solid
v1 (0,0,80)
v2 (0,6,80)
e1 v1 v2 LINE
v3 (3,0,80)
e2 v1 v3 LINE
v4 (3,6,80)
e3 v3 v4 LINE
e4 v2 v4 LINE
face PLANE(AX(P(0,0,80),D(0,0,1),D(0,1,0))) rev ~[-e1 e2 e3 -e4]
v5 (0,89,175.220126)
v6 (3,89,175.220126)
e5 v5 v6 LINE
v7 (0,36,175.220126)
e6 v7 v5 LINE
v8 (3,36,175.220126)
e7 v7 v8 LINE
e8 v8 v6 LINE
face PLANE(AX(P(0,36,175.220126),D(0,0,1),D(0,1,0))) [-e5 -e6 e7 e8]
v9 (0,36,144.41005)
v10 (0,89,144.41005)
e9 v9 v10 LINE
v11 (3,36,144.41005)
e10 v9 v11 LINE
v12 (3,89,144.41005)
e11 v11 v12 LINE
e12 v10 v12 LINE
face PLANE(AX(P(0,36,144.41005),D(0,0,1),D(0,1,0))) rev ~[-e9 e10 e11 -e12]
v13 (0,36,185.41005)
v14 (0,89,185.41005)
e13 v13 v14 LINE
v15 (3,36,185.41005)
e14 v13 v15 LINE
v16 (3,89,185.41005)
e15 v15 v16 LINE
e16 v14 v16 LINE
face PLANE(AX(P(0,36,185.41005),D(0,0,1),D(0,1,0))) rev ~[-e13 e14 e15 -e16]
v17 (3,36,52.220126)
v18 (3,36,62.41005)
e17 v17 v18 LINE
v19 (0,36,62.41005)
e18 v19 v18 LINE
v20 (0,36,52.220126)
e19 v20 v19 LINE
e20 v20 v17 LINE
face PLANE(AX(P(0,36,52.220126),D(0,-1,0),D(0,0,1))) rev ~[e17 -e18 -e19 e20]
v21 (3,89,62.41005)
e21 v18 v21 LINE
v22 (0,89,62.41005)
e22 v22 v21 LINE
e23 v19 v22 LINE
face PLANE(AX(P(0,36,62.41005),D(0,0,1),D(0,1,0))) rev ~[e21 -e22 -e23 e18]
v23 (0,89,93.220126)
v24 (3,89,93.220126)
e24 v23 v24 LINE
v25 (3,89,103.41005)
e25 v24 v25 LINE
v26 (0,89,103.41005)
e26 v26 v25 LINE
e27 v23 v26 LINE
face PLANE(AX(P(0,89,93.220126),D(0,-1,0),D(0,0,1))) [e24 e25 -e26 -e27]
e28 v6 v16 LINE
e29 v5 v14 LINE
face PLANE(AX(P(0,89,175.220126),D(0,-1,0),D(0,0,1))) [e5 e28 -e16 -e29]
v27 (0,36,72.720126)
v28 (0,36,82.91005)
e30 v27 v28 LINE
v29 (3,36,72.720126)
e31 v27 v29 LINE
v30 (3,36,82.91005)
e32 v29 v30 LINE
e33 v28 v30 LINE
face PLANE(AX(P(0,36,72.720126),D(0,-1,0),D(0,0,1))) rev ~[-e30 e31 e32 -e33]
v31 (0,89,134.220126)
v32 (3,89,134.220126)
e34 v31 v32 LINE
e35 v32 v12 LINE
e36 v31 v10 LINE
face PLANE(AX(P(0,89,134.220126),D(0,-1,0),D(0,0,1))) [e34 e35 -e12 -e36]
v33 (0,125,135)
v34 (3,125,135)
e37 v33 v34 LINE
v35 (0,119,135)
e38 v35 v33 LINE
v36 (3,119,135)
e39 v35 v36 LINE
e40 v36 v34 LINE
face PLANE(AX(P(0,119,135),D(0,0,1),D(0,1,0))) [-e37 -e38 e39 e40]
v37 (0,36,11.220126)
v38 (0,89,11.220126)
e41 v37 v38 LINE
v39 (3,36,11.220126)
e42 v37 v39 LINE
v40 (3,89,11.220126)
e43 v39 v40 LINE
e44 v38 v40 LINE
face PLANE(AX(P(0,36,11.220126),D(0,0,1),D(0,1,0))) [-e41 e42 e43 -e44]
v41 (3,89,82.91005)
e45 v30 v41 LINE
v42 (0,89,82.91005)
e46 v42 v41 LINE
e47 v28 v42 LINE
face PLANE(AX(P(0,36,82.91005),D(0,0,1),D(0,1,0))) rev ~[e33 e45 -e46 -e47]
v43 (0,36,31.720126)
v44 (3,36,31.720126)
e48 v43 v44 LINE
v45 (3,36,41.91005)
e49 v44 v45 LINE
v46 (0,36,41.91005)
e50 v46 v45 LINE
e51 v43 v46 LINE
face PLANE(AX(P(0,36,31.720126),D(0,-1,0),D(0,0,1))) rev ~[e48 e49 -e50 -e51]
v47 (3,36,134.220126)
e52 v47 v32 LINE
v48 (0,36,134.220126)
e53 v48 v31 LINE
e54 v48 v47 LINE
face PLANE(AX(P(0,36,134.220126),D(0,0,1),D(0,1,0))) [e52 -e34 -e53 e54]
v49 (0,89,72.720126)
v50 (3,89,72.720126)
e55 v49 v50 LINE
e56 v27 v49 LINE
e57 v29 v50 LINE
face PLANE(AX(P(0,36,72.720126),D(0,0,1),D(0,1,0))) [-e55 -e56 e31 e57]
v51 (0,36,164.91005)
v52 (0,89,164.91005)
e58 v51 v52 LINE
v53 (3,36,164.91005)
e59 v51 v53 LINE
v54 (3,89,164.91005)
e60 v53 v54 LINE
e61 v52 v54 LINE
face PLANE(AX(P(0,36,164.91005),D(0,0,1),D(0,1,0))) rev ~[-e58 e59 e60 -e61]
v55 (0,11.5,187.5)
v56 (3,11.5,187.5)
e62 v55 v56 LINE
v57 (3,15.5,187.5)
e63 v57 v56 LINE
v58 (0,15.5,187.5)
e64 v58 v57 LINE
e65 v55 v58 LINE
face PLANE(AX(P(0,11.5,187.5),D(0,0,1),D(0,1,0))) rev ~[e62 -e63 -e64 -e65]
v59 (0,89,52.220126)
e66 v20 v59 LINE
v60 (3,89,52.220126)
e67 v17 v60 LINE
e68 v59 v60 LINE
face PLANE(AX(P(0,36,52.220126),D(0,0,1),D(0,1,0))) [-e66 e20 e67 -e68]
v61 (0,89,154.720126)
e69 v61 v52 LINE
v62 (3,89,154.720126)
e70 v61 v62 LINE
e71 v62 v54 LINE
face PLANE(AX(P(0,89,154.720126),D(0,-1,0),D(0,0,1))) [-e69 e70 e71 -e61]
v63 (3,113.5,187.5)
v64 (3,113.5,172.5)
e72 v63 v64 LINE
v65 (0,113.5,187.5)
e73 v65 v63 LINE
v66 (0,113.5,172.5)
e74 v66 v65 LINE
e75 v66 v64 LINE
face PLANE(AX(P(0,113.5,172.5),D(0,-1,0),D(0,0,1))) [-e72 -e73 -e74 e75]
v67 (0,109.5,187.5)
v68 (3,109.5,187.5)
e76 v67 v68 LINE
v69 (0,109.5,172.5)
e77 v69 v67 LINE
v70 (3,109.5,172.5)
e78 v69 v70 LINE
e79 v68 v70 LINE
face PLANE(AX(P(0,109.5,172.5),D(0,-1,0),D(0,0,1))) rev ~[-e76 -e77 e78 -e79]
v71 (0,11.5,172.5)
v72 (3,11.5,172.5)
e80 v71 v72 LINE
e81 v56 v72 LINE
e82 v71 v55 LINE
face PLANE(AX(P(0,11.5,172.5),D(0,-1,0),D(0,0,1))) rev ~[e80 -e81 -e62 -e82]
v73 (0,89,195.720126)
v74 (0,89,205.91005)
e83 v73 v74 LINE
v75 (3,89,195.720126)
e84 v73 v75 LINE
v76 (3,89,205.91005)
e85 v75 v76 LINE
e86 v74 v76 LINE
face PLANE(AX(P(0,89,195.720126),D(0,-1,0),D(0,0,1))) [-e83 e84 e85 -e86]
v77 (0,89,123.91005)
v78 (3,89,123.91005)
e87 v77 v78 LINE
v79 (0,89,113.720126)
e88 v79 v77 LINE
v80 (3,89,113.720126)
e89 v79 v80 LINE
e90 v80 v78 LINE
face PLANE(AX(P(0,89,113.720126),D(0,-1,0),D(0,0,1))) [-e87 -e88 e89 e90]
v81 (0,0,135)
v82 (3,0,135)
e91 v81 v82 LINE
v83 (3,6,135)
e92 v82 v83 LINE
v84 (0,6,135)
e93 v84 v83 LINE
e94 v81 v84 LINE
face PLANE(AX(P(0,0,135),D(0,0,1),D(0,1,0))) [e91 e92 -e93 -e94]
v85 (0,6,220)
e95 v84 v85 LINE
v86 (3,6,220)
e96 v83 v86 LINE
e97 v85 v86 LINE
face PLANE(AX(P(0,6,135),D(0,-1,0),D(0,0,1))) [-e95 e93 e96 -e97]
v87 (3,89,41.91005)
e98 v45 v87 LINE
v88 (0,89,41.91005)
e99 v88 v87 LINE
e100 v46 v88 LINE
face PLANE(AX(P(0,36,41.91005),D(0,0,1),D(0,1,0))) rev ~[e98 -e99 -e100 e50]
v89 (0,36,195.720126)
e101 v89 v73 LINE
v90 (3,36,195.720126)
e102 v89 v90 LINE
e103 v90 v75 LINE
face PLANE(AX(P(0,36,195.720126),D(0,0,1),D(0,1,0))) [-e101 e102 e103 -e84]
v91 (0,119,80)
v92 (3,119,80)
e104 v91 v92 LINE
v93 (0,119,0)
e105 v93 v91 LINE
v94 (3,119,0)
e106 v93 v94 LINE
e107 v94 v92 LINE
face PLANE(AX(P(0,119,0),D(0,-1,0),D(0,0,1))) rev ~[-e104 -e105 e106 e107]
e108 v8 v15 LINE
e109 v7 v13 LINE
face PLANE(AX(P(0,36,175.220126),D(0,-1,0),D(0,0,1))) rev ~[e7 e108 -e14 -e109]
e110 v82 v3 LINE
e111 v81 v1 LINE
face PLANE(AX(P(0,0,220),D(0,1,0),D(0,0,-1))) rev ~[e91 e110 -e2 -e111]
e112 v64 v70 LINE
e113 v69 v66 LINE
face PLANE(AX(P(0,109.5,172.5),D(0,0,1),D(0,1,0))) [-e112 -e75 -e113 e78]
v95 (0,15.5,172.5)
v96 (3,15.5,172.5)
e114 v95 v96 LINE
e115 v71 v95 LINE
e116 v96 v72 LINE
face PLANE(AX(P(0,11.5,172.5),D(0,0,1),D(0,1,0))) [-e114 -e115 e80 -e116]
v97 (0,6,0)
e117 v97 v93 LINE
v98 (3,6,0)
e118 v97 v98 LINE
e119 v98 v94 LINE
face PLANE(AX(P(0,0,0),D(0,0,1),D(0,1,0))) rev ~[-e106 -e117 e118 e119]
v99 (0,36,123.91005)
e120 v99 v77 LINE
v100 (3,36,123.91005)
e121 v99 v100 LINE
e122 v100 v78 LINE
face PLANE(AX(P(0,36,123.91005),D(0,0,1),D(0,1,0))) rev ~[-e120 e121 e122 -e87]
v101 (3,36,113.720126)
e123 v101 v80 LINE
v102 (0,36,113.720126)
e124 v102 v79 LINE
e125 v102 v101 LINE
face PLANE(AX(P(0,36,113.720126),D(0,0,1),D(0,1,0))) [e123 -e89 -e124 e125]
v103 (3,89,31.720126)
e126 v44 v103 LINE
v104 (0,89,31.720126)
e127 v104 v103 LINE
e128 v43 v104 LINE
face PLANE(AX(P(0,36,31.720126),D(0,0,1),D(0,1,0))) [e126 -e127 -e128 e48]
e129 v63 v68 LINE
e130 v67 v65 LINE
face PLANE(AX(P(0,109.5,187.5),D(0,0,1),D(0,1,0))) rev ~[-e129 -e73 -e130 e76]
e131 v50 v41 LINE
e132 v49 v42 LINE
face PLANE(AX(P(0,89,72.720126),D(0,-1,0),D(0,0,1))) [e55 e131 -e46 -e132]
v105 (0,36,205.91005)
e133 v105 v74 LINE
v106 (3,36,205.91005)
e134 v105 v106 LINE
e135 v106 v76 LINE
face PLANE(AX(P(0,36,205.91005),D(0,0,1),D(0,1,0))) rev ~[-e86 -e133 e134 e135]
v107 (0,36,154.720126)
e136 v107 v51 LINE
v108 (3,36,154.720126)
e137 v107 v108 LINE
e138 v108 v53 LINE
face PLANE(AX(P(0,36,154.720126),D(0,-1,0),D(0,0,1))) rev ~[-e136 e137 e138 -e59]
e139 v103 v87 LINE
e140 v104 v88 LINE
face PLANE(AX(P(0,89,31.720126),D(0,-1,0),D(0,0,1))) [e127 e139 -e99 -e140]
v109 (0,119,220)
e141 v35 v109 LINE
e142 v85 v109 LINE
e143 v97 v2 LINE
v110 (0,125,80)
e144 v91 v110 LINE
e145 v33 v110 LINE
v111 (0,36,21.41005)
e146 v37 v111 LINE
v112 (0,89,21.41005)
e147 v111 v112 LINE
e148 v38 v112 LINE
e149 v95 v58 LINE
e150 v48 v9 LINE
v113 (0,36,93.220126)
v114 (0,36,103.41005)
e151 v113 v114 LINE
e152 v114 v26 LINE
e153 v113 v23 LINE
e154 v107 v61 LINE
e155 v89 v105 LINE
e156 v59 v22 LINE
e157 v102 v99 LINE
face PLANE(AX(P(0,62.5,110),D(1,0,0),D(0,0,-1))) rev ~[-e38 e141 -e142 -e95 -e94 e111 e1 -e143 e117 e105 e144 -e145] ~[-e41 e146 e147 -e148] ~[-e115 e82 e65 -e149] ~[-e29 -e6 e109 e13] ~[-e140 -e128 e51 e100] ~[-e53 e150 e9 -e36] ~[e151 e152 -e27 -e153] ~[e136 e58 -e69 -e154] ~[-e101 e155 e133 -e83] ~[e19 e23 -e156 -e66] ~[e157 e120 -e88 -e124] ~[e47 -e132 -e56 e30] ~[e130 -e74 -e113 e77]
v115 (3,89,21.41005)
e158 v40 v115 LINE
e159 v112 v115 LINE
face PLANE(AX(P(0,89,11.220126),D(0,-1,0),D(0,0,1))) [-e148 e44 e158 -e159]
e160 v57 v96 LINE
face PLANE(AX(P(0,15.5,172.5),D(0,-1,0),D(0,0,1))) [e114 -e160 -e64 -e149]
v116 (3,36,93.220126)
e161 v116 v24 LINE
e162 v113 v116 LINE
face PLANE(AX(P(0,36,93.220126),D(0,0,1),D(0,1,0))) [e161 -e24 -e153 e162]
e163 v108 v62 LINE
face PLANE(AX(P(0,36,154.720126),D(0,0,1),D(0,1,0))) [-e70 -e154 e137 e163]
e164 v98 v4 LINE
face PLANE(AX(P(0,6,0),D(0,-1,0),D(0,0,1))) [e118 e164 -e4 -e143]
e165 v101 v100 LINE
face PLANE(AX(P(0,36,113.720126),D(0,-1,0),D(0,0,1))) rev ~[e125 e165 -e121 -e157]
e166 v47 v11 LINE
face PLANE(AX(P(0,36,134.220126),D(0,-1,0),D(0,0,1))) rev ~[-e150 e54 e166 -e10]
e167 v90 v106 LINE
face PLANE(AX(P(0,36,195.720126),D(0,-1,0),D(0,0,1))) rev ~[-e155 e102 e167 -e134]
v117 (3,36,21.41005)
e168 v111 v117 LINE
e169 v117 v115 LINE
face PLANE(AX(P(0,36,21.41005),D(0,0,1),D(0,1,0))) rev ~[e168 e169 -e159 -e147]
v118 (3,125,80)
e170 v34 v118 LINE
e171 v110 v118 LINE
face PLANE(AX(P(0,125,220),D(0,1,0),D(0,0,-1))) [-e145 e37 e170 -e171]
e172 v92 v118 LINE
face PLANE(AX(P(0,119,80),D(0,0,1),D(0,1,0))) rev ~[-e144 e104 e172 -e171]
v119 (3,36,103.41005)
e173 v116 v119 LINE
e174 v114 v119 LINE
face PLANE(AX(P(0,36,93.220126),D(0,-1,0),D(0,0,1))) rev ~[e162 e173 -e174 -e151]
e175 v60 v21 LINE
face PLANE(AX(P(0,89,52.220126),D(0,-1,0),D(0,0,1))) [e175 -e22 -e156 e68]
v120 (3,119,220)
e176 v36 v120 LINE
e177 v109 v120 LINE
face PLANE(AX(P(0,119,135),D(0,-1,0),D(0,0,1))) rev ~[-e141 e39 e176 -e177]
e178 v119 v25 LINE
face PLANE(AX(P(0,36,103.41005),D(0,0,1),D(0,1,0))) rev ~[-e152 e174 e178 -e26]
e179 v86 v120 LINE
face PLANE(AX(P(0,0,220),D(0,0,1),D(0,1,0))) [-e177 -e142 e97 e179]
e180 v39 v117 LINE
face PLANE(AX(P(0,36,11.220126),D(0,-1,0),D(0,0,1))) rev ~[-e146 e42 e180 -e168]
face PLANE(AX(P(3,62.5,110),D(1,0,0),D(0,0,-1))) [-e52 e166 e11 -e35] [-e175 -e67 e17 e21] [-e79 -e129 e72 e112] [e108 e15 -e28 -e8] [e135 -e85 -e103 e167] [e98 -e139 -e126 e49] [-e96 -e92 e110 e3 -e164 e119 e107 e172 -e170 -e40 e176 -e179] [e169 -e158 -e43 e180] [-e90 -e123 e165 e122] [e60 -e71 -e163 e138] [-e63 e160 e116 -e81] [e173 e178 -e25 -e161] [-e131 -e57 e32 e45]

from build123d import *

# Parameters (mm, degrees)
SKETCH2_W           = 220
SKETCH2_H           = 125
BOSS_EXTRUDE1_DEPTH = 3
SKETCH3_W           = 80
SKETCH3_H           = 6
SKETCH3_W_2         = 85
CUT_EXTRUDE1_DEPTH  = 3
SKETCH4_W           = 10.189923803
SKETCH4_H           = 53
CUT_EXTRUDE2_DEPTH  = 3
SKETCH6_W           = 15
SKETCH6_H           = 4
CUT_EXTRUDE3_DEPTH  = 10


with BuildPart() as part:
    # Sketch2 → Boss-Extrude1 (new body)
    with BuildSketch(Plane(origin=(0, 0, 0), x_dir=(0, 0, -1), z_dir=(1, 0, 0))):
        with Locations((-110, 62.5)):
            Rectangle(SKETCH2_W, SKETCH2_H)
    extrude(amount=BOSS_EXTRUDE1_DEPTH)

    # Sketch3 → Cut-Extrude1 (cut)
    with BuildSketch(Plane.ZY):
        with Locations((40, 122)):
            Rectangle(SKETCH3_W, SKETCH3_H)
        with Locations((40, 3)):
            Rectangle(SKETCH3_W, SKETCH3_H)
        with Locations((177.5, 122)):
            Rectangle(SKETCH3_W_2, SKETCH3_H)
        with Locations((177.5, 3)):
            Rectangle(SKETCH3_W_2, SKETCH3_H)
    extrude(amount=-CUT_EXTRUDE1_DEPTH, mode=Mode.SUBTRACT)

    # Sketch4 → Cut-Extrude2 (cut)
    with BuildSketch(Plane.ZY):
        with Locations((16.315088301, 62.5)):
            Rectangle(SKETCH4_W, SKETCH4_H)
        with Locations((36.815088301, 62.5)):
            Rectangle(SKETCH4_W, SKETCH4_H)
        with Locations((57.315088301, 62.5)):
            Rectangle(SKETCH4_W, SKETCH4_H)
        with Locations((77.815088301, 62.5)):
            Rectangle(SKETCH4_W, SKETCH4_H)
        with Locations((98.315088301, 62.5)):
            Rectangle(SKETCH4_W, SKETCH4_H)
        with Locations((118.815088301, 62.5)):
            Rectangle(SKETCH4_W, SKETCH4_H)
        with Locations((139.315088301, 62.5)):
            Rectangle(SKETCH4_W, SKETCH4_H)
        with Locations((159.815088301, 62.5)):
            Rectangle(SKETCH4_W, SKETCH4_H)
        with Locations((180.315088301, 62.5)):
            Rectangle(SKETCH4_W, SKETCH4_H)
        with Locations((200.815088301, 62.5)):
            Rectangle(SKETCH4_W, SKETCH4_H)
    extrude(amount=-CUT_EXTRUDE2_DEPTH, mode=Mode.SUBTRACT)

    # Sketch6 → Cut-Extrude3 (cut)
    with BuildSketch(Plane.ZY):
        with Locations((180, 111.5)):
            Rectangle(SKETCH6_W, SKETCH6_H)
        with Locations((180, 13.5)):
            Rectangle(SKETCH6_W, SKETCH6_H)
    extrude(amount=-CUT_EXTRUDE3_DEPTH, mode=Mode.SUBTRACT)


solid = part.part
